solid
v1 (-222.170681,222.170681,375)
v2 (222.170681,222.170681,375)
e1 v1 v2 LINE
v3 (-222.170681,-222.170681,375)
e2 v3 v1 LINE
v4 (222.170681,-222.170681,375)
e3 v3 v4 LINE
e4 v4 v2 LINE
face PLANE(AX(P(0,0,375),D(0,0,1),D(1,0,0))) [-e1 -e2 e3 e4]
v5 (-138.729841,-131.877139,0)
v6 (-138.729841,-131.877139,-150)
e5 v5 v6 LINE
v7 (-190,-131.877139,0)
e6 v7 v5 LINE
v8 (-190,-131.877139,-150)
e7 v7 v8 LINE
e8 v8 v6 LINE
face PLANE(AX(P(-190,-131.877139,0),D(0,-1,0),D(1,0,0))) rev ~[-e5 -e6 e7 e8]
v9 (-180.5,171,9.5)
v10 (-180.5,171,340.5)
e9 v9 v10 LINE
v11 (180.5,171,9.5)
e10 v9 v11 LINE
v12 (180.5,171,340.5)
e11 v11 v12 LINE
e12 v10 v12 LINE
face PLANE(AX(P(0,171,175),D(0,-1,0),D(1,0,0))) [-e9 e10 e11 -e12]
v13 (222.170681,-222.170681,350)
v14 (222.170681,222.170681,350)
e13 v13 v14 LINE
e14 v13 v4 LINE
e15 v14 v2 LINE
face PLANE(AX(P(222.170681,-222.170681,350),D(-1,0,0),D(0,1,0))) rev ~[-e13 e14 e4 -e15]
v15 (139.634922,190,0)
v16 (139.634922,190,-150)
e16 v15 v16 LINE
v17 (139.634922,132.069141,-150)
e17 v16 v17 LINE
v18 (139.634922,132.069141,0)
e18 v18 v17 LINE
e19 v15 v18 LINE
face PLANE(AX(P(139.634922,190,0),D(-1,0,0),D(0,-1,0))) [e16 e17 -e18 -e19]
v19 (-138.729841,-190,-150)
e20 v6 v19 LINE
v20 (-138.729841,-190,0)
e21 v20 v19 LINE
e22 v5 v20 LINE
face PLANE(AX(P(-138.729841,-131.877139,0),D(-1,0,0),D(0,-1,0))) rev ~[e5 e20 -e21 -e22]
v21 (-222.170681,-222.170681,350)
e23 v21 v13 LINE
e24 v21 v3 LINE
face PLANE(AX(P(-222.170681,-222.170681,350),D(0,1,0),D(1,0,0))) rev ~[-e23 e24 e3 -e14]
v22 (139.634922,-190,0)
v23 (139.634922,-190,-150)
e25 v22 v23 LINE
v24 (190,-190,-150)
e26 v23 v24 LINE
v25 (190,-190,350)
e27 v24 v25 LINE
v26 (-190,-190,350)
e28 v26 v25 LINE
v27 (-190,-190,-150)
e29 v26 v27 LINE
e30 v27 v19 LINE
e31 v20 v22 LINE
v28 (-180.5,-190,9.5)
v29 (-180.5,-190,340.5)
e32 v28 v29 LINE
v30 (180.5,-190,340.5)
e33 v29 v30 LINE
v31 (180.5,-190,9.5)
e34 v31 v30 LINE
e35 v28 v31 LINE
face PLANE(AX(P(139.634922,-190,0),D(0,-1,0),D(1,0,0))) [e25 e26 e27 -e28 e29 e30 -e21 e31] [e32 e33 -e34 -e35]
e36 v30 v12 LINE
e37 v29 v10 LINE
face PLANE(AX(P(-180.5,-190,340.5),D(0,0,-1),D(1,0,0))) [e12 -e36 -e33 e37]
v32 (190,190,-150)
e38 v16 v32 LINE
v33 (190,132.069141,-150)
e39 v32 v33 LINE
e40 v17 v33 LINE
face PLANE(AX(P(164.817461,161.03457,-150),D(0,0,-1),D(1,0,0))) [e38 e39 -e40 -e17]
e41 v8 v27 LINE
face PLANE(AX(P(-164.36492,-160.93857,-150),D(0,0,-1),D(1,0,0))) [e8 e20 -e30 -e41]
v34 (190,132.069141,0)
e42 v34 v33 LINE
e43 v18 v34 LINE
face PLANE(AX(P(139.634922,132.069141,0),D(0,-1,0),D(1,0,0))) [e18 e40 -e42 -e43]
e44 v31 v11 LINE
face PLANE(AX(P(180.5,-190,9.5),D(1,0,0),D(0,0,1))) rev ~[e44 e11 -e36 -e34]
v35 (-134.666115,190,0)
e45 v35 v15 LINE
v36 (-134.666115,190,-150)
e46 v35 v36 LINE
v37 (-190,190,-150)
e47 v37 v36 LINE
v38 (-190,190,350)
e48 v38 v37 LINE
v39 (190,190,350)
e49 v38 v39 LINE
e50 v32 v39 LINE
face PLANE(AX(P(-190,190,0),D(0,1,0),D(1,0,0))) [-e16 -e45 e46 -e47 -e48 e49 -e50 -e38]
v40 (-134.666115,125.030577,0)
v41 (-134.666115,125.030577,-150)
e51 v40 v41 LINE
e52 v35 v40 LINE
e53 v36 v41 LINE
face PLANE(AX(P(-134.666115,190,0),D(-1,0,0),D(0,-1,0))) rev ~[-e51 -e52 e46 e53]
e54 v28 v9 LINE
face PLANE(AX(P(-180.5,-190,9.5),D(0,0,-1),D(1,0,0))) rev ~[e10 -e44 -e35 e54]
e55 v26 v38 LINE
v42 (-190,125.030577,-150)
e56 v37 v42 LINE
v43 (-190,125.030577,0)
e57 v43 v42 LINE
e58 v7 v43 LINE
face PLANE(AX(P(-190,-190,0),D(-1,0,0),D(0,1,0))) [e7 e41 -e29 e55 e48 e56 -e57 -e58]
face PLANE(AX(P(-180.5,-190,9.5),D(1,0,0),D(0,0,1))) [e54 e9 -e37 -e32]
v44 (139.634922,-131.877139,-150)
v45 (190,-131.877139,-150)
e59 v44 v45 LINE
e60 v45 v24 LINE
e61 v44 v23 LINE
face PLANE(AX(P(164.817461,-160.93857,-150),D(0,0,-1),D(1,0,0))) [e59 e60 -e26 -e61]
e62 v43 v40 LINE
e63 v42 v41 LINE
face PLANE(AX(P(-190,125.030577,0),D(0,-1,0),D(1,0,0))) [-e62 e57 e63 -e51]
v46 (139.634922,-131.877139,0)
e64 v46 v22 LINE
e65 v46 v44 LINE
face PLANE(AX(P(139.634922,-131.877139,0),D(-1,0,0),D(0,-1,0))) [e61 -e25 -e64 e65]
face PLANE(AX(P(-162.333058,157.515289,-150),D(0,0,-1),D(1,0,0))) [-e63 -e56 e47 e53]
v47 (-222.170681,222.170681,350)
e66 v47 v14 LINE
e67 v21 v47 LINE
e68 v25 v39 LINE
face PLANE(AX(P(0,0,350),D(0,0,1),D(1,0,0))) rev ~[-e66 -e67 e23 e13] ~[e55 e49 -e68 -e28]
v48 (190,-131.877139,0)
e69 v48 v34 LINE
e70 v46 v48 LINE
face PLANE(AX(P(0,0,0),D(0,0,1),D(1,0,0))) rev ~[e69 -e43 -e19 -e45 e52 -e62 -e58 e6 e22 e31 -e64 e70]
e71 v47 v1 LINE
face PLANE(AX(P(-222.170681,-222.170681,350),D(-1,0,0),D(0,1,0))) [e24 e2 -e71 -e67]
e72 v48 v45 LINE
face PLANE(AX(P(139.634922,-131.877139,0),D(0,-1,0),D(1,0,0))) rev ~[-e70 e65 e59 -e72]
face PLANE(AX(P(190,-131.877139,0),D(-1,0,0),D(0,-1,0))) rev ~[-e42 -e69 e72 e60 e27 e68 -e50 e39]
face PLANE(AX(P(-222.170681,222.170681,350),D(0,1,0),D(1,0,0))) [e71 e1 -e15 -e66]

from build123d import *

# Parameters (mm, degrees)
F0_W     = 380
F0_H     = 380
F1_DEPTH = 350
F2_W     = 361
F2_H     = 331
F3_DEPTH = 361
F4_W     = 50.3650778532
F4_H     = 58.1228607893
F4_H_2   = 57.9308593273
F4_W_2   = 55.3338849545
F4_H_3   = 64.9694228172
F4_W_3   = 51.270159483
F5_DEPTH = 150
F6_W     = 444.3413615227
F6_H     = 444.3413615227
F6_W_2   = 380
F6_H_2   = 380
F7_DEPTH = 25


with BuildPart() as f1:
    # F0 (on Top) → F1 (new body)
    with BuildSketch(Plane.XY):
        Rectangle(F0_W, F0_H)
    extrude(amount=F1_DEPTH)

    # F2 (on face) → F3 (cut)
    with BuildSketch(Plane.XZ.offset(190)):
        with Locations((0, 175)):
            Rectangle(F2_W, F2_H)
    extrude(amount=-F3_DEPTH, mode=Mode.SUBTRACT)

    # F4 (on face) → F5 (join)
    with BuildSketch(Plane(origin=(0, 0, 0), x_dir=(1, 0, 0), z_dir=(0, 0, -1))):
        with Locations((164.8174610734, 160.9385696054)):
            Rectangle(F4_W, F4_H)
        with Locations((164.8174610734, -161.0345703363)):
            Rectangle(F4_W, F4_H_2)
        with Locations((-162.3330575228, -157.5152885914)):
            Rectangle(F4_W_2, F4_H_3)
        with Locations((-164.3649202585, 160.9385696054)):
            Rectangle(F4_W_3, F4_H)
    extrude(amount=F5_DEPTH)

    # F6 (on face) → F7 (join)
    with BuildSketch(Plane.XY.offset(350)):
        Rectangle(F6_W, F6_H)
        Rectangle(F6_W_2, F6_H_2, mode=Mode.SUBTRACT)
        Rectangle(F6_W_2, F6_H_2)
    extrude(amount=F7_DEPTH)


solid = f1.part
